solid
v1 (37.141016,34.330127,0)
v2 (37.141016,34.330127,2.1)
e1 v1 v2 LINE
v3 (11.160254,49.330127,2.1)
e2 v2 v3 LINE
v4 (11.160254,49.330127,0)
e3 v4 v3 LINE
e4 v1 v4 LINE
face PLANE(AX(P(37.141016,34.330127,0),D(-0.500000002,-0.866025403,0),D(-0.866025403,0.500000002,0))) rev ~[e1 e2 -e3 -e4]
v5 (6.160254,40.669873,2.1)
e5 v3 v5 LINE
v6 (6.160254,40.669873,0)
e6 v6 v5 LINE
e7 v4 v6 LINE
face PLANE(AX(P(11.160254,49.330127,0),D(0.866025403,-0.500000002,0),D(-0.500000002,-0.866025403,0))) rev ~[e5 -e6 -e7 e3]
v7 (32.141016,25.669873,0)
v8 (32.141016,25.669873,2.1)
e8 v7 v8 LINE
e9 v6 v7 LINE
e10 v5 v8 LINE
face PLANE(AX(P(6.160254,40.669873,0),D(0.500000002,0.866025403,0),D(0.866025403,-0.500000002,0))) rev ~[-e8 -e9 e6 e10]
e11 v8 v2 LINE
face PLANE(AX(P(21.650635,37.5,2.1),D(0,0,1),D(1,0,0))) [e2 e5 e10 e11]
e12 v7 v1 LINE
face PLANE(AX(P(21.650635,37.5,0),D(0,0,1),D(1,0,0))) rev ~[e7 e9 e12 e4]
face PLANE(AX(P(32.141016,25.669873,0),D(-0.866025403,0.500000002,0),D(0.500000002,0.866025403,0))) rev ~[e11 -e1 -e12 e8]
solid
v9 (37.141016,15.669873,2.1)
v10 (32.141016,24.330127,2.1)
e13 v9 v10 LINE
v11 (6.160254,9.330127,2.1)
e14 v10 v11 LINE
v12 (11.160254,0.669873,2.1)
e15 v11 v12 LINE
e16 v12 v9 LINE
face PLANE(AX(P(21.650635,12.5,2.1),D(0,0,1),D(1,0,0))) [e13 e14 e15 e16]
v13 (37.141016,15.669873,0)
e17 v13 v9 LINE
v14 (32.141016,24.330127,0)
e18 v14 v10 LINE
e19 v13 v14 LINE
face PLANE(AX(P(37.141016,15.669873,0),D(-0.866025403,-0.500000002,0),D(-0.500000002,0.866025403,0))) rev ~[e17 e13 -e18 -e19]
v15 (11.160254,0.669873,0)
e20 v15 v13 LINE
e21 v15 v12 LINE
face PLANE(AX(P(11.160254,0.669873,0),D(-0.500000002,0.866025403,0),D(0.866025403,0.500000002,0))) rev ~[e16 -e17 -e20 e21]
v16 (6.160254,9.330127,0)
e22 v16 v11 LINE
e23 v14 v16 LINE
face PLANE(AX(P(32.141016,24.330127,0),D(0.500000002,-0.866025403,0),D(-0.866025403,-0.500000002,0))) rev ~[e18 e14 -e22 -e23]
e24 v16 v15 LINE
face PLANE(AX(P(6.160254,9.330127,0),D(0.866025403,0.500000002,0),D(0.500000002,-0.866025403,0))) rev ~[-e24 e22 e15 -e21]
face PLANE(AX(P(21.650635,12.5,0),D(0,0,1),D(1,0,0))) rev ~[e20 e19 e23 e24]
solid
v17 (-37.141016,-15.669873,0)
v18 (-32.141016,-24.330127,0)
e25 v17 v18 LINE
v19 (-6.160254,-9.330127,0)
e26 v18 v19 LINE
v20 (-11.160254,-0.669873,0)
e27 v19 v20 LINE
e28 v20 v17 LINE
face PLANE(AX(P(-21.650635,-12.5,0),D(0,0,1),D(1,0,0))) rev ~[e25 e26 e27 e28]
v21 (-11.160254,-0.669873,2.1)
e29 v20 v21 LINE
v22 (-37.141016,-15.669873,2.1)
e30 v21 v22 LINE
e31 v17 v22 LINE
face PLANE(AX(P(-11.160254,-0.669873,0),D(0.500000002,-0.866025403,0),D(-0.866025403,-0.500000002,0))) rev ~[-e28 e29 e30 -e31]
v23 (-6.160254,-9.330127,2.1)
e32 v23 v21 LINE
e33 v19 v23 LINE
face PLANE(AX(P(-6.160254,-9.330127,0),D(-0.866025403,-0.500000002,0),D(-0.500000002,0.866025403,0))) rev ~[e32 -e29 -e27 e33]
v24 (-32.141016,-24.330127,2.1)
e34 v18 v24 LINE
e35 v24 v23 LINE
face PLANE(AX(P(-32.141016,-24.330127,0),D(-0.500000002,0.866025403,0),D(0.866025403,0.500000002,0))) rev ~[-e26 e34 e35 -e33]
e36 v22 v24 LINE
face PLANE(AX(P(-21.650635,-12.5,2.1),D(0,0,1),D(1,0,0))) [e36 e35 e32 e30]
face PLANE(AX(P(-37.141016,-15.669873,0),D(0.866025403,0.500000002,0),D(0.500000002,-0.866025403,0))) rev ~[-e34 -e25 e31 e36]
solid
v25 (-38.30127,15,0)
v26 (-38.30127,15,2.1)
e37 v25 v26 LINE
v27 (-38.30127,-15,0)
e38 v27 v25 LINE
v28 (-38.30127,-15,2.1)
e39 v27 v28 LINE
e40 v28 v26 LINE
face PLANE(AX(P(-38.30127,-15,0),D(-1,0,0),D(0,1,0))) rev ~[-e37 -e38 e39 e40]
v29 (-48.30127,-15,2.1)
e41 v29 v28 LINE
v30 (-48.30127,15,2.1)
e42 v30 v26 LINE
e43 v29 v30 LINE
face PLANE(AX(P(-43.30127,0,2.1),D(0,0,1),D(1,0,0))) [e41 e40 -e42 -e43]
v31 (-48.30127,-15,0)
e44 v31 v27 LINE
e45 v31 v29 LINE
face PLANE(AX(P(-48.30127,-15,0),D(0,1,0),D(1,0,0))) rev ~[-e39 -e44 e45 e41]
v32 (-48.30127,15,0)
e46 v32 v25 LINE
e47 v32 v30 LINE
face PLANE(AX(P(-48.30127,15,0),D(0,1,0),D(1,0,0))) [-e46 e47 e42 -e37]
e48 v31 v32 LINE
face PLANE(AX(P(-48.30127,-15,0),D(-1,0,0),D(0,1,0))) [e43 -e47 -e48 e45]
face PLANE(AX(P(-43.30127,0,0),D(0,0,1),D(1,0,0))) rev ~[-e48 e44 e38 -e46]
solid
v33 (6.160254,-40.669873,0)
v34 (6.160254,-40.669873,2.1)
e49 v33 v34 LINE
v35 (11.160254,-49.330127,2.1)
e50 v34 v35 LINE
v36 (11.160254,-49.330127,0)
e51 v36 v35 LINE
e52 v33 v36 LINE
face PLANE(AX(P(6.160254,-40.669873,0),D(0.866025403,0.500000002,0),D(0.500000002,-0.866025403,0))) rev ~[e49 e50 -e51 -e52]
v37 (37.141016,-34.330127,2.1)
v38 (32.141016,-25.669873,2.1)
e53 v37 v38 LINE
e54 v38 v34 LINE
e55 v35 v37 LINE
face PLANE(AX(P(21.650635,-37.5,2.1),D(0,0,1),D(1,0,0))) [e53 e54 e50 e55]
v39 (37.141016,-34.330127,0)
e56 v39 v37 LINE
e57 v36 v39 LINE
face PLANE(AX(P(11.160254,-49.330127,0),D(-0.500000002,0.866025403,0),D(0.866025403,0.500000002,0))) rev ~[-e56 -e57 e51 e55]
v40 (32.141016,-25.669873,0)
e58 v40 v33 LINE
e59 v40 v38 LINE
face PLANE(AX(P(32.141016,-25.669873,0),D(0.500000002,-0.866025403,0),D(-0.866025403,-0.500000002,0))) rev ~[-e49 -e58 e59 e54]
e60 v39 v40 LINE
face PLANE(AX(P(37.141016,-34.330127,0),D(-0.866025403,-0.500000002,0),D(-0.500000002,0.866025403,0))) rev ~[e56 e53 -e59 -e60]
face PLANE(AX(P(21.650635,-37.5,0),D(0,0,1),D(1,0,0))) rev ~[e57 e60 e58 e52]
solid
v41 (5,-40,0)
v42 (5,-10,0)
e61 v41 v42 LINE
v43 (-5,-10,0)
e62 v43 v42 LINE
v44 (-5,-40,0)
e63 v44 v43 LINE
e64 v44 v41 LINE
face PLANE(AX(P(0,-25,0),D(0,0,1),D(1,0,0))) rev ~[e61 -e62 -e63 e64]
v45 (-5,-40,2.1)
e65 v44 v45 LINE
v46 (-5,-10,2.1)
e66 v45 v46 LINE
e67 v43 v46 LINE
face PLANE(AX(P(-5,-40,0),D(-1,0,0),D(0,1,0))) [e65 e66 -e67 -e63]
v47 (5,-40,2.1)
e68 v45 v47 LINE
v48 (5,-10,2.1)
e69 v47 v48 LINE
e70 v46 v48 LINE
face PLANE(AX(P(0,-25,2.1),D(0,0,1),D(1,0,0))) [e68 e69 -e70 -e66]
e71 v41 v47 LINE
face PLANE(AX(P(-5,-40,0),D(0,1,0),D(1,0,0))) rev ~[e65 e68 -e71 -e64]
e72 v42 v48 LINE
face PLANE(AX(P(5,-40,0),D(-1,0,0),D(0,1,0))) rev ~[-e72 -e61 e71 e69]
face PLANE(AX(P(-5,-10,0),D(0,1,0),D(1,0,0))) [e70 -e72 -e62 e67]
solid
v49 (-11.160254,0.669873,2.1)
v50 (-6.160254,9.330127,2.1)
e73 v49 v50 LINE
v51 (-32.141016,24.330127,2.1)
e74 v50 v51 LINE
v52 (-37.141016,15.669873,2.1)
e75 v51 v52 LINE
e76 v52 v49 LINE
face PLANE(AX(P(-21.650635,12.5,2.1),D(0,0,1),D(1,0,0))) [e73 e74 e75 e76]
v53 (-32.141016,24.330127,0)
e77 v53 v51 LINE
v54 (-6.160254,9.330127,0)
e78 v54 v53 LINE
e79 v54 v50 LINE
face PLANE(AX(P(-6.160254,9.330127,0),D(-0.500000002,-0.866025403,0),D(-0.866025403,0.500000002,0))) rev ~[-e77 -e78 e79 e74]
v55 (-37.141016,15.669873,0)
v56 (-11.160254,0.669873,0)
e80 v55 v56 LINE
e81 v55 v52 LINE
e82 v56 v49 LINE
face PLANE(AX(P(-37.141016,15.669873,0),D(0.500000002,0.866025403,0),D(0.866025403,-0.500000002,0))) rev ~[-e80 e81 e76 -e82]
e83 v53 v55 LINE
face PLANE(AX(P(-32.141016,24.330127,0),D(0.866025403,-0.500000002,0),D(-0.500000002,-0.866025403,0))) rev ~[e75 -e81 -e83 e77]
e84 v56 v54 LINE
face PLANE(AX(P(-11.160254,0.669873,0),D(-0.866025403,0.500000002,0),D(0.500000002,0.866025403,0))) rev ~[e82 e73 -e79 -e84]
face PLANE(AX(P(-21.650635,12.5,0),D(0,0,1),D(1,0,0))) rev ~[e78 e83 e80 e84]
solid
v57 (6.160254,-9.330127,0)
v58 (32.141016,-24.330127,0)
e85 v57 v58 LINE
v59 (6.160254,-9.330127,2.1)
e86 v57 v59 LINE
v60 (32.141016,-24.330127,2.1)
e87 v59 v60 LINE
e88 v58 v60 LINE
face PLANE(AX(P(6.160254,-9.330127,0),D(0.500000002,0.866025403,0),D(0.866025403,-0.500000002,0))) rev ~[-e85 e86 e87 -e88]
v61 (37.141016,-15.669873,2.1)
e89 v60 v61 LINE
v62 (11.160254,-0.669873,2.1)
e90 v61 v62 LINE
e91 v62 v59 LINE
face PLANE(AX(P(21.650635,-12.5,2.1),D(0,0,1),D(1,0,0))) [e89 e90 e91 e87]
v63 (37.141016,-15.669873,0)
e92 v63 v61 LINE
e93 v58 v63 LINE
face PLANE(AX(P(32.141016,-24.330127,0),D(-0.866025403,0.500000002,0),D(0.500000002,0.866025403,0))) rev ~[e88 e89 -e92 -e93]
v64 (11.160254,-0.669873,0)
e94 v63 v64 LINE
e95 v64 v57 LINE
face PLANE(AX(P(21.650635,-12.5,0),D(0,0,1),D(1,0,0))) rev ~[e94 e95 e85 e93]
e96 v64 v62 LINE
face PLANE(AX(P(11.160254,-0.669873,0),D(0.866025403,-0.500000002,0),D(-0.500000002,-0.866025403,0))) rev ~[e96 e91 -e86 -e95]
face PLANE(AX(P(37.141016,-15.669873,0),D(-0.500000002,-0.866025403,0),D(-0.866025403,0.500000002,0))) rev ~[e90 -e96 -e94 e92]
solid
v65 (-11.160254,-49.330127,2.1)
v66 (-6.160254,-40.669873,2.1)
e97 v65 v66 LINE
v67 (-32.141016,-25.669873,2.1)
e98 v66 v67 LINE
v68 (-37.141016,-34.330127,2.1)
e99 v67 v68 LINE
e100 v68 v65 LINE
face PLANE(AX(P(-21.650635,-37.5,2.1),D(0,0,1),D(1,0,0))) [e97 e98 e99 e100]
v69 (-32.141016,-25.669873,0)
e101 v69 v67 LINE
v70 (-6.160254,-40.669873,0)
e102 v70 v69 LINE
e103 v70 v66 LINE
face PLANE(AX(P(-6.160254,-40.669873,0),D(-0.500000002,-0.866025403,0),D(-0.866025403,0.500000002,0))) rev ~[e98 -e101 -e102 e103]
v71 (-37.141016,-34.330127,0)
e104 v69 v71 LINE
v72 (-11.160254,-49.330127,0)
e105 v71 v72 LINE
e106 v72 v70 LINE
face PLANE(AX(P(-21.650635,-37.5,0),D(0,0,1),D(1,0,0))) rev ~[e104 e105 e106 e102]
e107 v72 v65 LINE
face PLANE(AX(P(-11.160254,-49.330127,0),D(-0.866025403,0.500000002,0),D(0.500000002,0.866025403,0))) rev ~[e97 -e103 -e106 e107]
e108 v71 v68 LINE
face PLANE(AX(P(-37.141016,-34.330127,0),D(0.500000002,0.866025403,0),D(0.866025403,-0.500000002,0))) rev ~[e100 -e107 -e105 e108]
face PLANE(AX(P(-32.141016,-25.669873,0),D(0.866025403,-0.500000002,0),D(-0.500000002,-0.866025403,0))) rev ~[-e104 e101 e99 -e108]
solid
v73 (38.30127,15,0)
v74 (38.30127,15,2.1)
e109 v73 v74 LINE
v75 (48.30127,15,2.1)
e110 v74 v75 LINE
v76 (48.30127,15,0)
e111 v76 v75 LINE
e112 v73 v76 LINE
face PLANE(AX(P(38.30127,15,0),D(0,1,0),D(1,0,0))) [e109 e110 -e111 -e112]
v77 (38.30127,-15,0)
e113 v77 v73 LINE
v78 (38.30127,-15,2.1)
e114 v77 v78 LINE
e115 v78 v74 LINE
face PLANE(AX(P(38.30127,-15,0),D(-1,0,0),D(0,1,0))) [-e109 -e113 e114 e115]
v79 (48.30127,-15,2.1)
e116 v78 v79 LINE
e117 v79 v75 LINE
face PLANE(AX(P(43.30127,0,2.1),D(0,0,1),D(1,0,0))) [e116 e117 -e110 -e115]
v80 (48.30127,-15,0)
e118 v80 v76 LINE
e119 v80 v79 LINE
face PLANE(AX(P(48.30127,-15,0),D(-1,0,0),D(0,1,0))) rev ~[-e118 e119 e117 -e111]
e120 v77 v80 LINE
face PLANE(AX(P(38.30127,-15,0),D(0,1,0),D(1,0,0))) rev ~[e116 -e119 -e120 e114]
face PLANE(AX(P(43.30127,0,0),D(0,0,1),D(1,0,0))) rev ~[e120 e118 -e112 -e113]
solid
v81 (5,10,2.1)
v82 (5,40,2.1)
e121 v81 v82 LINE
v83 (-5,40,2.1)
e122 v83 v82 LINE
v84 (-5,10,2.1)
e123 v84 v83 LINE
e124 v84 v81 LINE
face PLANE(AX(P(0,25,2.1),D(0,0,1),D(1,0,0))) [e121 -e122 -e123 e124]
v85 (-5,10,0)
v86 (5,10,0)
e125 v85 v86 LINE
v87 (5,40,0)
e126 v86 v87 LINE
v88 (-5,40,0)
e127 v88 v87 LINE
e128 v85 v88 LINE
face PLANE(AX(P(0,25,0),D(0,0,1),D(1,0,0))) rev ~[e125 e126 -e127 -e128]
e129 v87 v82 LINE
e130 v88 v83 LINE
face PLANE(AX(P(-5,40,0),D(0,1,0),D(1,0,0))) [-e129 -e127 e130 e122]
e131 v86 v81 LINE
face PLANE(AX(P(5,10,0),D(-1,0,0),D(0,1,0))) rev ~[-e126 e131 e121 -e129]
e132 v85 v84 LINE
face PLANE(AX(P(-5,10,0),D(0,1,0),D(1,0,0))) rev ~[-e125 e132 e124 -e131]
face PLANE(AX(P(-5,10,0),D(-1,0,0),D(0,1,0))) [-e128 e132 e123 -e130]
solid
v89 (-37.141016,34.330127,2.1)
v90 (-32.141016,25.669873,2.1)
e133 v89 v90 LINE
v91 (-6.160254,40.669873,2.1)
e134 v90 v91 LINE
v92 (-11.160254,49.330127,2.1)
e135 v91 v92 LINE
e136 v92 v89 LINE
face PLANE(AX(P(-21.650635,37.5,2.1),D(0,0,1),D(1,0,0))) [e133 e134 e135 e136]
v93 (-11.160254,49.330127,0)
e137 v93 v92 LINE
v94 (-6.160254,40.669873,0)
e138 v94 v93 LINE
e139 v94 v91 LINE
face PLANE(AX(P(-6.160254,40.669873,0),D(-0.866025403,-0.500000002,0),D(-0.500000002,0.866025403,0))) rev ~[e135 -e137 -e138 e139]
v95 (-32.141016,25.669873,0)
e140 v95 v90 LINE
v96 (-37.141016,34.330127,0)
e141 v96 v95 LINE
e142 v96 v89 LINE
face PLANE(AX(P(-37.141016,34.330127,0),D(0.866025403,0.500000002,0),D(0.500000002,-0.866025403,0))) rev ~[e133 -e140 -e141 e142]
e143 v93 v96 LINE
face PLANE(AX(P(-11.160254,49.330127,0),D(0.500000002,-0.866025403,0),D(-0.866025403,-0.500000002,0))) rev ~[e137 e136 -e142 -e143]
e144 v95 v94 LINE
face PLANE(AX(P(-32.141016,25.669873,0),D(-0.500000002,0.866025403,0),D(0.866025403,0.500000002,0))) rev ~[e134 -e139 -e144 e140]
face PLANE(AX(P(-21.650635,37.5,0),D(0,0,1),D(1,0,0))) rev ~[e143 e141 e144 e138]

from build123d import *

# Parameters (mm, degrees)
F0_W     = 10
F0_H     = 30
F1_DEPTH = 2.1


with BuildPart() as f1:
    # F0 (on Top) → F1 (new body)
    with BuildSketch(Plane.XY):
        Polygon((-37.141016, 34.330127), (-32.141016, 25.669873), (-6.160254, 40.669873), (-11.160254, 49.330127), align=None)
        with Locations((-43.30127, 0)):
            Rectangle(F0_W, F0_H)
        Polygon((11.160254, 49.330127), (6.160254, 40.669873), (32.141016, 25.669873), (37.141016, 34.330127), align=None)
        with Locations((0, 25)):
            Rectangle(F0_W, F0_H)
        with Locations((43.30127, 0)):
            Rectangle(F0_W, F0_H)
        Polygon((37.141016, 15.669873), (32.141016, 24.330127), (6.160254, 9.330127), (11.160254, 0.669873), align=None)
        Polygon((-32.141016, 24.330127), (-37.141016, 15.669873), (-11.160254, 0.669873), (-6.160254, 9.330127), align=None)
        Polygon((32.141016, -24.330127), (37.141016, -15.669873), (11.160254, -0.669873), (6.160254, -9.330127), align=None)
        Polygon((37.141016, -34.330127), (32.141016, -25.669873), (6.160254, -40.669873), (11.160254, -49.330127), align=None)
        with Locations((0, -25)):
            Rectangle(F0_W, F0_H)
        Polygon((-37.141016, -15.669873), (-32.141016, -24.330127), (-6.160254, -9.330127), (-11.160254, -0.669873), align=None)
        Polygon((-11.160254, -49.330127), (-6.160254, -40.669873), (-32.141016, -25.669873), (-37.141016, -34.330127), align=None)
    extrude(amount=F1_DEPTH)


solid = f1.part
